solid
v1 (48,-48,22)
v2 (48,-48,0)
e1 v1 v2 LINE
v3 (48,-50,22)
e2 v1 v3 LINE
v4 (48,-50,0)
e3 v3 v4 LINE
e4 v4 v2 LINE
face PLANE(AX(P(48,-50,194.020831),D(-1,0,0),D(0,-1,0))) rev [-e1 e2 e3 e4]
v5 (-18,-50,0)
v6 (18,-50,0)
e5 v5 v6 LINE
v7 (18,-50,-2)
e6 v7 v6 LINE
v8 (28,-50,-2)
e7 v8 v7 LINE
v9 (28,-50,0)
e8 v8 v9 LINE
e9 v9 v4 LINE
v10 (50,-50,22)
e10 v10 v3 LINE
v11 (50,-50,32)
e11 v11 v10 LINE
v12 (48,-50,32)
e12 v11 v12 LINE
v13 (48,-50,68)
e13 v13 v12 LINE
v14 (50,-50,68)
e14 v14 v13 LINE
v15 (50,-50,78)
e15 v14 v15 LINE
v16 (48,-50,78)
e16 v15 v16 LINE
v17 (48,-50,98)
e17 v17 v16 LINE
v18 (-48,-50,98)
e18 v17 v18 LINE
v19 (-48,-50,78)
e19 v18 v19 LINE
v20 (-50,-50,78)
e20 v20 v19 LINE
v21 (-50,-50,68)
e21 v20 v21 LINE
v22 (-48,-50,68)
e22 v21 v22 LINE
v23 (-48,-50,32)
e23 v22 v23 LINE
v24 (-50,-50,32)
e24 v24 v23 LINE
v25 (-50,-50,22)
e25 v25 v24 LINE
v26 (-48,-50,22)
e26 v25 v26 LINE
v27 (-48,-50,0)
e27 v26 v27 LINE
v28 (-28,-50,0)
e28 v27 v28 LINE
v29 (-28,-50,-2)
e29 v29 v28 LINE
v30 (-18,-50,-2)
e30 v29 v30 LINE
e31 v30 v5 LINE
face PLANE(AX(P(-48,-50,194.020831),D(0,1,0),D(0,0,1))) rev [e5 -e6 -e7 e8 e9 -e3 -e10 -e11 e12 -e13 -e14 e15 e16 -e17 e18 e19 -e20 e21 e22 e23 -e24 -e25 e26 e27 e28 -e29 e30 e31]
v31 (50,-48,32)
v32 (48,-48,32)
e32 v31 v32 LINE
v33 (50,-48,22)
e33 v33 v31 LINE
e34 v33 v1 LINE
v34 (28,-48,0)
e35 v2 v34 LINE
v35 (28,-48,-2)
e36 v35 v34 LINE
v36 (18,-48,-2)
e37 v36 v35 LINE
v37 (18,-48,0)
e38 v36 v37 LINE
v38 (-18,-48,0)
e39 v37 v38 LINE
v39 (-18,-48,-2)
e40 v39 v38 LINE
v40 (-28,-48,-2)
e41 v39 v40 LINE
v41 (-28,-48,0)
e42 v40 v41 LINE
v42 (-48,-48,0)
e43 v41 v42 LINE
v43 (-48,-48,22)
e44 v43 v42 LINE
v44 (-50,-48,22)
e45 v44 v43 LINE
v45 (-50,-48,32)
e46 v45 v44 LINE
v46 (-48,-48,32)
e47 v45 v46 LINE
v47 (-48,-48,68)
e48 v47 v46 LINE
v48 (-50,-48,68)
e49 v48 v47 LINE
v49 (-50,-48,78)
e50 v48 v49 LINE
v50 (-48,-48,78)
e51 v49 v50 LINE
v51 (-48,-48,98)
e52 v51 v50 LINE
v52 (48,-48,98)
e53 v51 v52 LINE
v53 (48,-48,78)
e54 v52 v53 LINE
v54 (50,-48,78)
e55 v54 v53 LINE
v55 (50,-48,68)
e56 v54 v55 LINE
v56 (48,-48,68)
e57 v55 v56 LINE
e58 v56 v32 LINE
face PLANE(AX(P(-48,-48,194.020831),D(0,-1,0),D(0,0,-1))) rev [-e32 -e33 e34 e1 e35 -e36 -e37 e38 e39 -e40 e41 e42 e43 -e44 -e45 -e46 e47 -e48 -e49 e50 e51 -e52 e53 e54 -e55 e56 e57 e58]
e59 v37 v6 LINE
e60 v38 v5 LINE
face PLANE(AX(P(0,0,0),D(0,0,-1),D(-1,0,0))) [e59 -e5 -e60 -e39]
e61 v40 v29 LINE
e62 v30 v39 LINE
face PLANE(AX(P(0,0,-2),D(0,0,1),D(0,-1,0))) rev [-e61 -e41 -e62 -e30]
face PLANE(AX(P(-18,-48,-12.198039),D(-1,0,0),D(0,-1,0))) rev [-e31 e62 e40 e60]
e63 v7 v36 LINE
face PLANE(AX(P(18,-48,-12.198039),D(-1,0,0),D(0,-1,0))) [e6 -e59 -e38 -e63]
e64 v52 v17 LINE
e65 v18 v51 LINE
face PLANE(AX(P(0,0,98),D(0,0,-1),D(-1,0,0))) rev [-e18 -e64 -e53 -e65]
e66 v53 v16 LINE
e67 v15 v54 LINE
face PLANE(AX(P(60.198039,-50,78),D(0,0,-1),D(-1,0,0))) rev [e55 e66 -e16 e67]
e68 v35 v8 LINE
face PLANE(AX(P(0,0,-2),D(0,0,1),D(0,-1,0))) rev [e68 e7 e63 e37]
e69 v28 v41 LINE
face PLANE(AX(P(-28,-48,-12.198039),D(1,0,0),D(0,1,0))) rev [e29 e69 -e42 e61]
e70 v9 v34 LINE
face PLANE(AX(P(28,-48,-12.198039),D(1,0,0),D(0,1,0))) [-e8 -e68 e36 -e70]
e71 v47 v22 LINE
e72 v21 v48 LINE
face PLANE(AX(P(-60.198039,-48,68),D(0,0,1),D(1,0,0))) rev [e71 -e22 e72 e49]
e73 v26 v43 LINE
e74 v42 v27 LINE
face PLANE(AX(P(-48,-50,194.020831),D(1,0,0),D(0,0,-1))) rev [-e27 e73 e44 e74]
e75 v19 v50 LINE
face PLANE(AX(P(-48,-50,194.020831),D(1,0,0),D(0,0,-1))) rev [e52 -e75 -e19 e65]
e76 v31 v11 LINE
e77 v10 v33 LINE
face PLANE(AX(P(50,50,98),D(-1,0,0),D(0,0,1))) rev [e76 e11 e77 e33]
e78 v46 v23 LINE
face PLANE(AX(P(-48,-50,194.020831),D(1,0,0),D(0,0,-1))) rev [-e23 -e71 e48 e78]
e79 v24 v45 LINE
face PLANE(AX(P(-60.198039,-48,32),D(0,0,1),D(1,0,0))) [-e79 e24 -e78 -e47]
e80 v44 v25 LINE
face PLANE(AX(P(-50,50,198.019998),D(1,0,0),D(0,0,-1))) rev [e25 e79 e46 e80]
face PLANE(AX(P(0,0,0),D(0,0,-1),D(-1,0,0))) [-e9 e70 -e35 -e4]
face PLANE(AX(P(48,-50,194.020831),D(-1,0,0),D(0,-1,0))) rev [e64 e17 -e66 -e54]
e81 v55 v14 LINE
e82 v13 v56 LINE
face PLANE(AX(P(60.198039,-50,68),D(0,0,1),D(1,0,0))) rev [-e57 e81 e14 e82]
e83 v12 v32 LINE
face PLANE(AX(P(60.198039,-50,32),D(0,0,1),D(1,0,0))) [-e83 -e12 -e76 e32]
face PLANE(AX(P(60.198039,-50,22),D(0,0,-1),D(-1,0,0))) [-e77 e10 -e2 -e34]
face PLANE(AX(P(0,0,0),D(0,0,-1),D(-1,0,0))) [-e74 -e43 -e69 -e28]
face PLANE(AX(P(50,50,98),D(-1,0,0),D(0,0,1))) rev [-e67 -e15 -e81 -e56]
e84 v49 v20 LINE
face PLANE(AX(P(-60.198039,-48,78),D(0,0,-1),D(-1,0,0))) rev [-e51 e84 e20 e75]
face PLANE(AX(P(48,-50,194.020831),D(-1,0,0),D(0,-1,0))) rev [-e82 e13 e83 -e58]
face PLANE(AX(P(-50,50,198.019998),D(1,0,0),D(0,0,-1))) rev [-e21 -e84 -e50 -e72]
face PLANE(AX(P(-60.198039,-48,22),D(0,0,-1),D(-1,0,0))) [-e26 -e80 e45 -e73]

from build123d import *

# Parameters (mm, degrees)
SKETCH1_W           = 96
SKETCH1_H           = 2
BOSS_EXTRUDE1_DEPTH = 98
SKETCH2_W           = 10
SKETCH2_H           = 2
BOSS_EXTRUDE2_DEPTH = 2
SKETCH3_W           = 10
SKETCH3_H           = 2
BOSS_EXTRUDE3_DEPTH = 2
SKETCH4_W           = 10
SKETCH4_H           = 2
BOSS_EXTRUDE4_DEPTH = 2


with BuildPart() as part:
    # Sketch1 → Boss-Extrude1 (new body)
    with BuildSketch(Plane.XY):
        with Locations((0, -49)):
            Rectangle(SKETCH1_W, SKETCH1_H)
    extrude(amount=BOSS_EXTRUDE1_DEPTH)

    # Sketch2 → Boss-Extrude2 (add)
    with BuildSketch(Plane.ZY.offset(48)):
        with Locations((73, -49)):
            Rectangle(SKETCH2_W, SKETCH2_H)
    boss_extrude2 = extrude(amount=BOSS_EXTRUDE2_DEPTH)

    # Mirror1: Boss-Extrude2 across plane
    add(boss_extrude2.mirror(Plane.XY.offset(50)))

    # Sketch3 → Boss-Extrude3 (add)
    with BuildSketch(Plane(origin=(48, 0, 0), x_dir=(0, 0, -1), z_dir=(1, 0, 0))):
        with Locations((-73, -49)):
            Rectangle(SKETCH3_W, SKETCH3_H)
    boss_extrude3 = extrude(amount=BOSS_EXTRUDE3_DEPTH)

    # Mirror2: Boss-Extrude3 across plane
    add(boss_extrude3.mirror(Plane.XY.offset(50)))

    # Sketch4 → Boss-Extrude4 (add)
    with BuildSketch(Plane(origin=(0, 0, 0), x_dir=(-1, 0, 0), z_dir=(0, 0, -1))):
        with Locations((23, -49)):
            Rectangle(SKETCH4_W, SKETCH4_H)
    boss_extrude4 = extrude(amount=BOSS_EXTRUDE4_DEPTH)

    # Mirror3: Boss-Extrude4 across plane
    add(boss_extrude4.mirror(Plane(origin=(0, 0, 0), x_dir=(0, 0, 1), z_dir=(1, 0, 0))))


solid = part.part
